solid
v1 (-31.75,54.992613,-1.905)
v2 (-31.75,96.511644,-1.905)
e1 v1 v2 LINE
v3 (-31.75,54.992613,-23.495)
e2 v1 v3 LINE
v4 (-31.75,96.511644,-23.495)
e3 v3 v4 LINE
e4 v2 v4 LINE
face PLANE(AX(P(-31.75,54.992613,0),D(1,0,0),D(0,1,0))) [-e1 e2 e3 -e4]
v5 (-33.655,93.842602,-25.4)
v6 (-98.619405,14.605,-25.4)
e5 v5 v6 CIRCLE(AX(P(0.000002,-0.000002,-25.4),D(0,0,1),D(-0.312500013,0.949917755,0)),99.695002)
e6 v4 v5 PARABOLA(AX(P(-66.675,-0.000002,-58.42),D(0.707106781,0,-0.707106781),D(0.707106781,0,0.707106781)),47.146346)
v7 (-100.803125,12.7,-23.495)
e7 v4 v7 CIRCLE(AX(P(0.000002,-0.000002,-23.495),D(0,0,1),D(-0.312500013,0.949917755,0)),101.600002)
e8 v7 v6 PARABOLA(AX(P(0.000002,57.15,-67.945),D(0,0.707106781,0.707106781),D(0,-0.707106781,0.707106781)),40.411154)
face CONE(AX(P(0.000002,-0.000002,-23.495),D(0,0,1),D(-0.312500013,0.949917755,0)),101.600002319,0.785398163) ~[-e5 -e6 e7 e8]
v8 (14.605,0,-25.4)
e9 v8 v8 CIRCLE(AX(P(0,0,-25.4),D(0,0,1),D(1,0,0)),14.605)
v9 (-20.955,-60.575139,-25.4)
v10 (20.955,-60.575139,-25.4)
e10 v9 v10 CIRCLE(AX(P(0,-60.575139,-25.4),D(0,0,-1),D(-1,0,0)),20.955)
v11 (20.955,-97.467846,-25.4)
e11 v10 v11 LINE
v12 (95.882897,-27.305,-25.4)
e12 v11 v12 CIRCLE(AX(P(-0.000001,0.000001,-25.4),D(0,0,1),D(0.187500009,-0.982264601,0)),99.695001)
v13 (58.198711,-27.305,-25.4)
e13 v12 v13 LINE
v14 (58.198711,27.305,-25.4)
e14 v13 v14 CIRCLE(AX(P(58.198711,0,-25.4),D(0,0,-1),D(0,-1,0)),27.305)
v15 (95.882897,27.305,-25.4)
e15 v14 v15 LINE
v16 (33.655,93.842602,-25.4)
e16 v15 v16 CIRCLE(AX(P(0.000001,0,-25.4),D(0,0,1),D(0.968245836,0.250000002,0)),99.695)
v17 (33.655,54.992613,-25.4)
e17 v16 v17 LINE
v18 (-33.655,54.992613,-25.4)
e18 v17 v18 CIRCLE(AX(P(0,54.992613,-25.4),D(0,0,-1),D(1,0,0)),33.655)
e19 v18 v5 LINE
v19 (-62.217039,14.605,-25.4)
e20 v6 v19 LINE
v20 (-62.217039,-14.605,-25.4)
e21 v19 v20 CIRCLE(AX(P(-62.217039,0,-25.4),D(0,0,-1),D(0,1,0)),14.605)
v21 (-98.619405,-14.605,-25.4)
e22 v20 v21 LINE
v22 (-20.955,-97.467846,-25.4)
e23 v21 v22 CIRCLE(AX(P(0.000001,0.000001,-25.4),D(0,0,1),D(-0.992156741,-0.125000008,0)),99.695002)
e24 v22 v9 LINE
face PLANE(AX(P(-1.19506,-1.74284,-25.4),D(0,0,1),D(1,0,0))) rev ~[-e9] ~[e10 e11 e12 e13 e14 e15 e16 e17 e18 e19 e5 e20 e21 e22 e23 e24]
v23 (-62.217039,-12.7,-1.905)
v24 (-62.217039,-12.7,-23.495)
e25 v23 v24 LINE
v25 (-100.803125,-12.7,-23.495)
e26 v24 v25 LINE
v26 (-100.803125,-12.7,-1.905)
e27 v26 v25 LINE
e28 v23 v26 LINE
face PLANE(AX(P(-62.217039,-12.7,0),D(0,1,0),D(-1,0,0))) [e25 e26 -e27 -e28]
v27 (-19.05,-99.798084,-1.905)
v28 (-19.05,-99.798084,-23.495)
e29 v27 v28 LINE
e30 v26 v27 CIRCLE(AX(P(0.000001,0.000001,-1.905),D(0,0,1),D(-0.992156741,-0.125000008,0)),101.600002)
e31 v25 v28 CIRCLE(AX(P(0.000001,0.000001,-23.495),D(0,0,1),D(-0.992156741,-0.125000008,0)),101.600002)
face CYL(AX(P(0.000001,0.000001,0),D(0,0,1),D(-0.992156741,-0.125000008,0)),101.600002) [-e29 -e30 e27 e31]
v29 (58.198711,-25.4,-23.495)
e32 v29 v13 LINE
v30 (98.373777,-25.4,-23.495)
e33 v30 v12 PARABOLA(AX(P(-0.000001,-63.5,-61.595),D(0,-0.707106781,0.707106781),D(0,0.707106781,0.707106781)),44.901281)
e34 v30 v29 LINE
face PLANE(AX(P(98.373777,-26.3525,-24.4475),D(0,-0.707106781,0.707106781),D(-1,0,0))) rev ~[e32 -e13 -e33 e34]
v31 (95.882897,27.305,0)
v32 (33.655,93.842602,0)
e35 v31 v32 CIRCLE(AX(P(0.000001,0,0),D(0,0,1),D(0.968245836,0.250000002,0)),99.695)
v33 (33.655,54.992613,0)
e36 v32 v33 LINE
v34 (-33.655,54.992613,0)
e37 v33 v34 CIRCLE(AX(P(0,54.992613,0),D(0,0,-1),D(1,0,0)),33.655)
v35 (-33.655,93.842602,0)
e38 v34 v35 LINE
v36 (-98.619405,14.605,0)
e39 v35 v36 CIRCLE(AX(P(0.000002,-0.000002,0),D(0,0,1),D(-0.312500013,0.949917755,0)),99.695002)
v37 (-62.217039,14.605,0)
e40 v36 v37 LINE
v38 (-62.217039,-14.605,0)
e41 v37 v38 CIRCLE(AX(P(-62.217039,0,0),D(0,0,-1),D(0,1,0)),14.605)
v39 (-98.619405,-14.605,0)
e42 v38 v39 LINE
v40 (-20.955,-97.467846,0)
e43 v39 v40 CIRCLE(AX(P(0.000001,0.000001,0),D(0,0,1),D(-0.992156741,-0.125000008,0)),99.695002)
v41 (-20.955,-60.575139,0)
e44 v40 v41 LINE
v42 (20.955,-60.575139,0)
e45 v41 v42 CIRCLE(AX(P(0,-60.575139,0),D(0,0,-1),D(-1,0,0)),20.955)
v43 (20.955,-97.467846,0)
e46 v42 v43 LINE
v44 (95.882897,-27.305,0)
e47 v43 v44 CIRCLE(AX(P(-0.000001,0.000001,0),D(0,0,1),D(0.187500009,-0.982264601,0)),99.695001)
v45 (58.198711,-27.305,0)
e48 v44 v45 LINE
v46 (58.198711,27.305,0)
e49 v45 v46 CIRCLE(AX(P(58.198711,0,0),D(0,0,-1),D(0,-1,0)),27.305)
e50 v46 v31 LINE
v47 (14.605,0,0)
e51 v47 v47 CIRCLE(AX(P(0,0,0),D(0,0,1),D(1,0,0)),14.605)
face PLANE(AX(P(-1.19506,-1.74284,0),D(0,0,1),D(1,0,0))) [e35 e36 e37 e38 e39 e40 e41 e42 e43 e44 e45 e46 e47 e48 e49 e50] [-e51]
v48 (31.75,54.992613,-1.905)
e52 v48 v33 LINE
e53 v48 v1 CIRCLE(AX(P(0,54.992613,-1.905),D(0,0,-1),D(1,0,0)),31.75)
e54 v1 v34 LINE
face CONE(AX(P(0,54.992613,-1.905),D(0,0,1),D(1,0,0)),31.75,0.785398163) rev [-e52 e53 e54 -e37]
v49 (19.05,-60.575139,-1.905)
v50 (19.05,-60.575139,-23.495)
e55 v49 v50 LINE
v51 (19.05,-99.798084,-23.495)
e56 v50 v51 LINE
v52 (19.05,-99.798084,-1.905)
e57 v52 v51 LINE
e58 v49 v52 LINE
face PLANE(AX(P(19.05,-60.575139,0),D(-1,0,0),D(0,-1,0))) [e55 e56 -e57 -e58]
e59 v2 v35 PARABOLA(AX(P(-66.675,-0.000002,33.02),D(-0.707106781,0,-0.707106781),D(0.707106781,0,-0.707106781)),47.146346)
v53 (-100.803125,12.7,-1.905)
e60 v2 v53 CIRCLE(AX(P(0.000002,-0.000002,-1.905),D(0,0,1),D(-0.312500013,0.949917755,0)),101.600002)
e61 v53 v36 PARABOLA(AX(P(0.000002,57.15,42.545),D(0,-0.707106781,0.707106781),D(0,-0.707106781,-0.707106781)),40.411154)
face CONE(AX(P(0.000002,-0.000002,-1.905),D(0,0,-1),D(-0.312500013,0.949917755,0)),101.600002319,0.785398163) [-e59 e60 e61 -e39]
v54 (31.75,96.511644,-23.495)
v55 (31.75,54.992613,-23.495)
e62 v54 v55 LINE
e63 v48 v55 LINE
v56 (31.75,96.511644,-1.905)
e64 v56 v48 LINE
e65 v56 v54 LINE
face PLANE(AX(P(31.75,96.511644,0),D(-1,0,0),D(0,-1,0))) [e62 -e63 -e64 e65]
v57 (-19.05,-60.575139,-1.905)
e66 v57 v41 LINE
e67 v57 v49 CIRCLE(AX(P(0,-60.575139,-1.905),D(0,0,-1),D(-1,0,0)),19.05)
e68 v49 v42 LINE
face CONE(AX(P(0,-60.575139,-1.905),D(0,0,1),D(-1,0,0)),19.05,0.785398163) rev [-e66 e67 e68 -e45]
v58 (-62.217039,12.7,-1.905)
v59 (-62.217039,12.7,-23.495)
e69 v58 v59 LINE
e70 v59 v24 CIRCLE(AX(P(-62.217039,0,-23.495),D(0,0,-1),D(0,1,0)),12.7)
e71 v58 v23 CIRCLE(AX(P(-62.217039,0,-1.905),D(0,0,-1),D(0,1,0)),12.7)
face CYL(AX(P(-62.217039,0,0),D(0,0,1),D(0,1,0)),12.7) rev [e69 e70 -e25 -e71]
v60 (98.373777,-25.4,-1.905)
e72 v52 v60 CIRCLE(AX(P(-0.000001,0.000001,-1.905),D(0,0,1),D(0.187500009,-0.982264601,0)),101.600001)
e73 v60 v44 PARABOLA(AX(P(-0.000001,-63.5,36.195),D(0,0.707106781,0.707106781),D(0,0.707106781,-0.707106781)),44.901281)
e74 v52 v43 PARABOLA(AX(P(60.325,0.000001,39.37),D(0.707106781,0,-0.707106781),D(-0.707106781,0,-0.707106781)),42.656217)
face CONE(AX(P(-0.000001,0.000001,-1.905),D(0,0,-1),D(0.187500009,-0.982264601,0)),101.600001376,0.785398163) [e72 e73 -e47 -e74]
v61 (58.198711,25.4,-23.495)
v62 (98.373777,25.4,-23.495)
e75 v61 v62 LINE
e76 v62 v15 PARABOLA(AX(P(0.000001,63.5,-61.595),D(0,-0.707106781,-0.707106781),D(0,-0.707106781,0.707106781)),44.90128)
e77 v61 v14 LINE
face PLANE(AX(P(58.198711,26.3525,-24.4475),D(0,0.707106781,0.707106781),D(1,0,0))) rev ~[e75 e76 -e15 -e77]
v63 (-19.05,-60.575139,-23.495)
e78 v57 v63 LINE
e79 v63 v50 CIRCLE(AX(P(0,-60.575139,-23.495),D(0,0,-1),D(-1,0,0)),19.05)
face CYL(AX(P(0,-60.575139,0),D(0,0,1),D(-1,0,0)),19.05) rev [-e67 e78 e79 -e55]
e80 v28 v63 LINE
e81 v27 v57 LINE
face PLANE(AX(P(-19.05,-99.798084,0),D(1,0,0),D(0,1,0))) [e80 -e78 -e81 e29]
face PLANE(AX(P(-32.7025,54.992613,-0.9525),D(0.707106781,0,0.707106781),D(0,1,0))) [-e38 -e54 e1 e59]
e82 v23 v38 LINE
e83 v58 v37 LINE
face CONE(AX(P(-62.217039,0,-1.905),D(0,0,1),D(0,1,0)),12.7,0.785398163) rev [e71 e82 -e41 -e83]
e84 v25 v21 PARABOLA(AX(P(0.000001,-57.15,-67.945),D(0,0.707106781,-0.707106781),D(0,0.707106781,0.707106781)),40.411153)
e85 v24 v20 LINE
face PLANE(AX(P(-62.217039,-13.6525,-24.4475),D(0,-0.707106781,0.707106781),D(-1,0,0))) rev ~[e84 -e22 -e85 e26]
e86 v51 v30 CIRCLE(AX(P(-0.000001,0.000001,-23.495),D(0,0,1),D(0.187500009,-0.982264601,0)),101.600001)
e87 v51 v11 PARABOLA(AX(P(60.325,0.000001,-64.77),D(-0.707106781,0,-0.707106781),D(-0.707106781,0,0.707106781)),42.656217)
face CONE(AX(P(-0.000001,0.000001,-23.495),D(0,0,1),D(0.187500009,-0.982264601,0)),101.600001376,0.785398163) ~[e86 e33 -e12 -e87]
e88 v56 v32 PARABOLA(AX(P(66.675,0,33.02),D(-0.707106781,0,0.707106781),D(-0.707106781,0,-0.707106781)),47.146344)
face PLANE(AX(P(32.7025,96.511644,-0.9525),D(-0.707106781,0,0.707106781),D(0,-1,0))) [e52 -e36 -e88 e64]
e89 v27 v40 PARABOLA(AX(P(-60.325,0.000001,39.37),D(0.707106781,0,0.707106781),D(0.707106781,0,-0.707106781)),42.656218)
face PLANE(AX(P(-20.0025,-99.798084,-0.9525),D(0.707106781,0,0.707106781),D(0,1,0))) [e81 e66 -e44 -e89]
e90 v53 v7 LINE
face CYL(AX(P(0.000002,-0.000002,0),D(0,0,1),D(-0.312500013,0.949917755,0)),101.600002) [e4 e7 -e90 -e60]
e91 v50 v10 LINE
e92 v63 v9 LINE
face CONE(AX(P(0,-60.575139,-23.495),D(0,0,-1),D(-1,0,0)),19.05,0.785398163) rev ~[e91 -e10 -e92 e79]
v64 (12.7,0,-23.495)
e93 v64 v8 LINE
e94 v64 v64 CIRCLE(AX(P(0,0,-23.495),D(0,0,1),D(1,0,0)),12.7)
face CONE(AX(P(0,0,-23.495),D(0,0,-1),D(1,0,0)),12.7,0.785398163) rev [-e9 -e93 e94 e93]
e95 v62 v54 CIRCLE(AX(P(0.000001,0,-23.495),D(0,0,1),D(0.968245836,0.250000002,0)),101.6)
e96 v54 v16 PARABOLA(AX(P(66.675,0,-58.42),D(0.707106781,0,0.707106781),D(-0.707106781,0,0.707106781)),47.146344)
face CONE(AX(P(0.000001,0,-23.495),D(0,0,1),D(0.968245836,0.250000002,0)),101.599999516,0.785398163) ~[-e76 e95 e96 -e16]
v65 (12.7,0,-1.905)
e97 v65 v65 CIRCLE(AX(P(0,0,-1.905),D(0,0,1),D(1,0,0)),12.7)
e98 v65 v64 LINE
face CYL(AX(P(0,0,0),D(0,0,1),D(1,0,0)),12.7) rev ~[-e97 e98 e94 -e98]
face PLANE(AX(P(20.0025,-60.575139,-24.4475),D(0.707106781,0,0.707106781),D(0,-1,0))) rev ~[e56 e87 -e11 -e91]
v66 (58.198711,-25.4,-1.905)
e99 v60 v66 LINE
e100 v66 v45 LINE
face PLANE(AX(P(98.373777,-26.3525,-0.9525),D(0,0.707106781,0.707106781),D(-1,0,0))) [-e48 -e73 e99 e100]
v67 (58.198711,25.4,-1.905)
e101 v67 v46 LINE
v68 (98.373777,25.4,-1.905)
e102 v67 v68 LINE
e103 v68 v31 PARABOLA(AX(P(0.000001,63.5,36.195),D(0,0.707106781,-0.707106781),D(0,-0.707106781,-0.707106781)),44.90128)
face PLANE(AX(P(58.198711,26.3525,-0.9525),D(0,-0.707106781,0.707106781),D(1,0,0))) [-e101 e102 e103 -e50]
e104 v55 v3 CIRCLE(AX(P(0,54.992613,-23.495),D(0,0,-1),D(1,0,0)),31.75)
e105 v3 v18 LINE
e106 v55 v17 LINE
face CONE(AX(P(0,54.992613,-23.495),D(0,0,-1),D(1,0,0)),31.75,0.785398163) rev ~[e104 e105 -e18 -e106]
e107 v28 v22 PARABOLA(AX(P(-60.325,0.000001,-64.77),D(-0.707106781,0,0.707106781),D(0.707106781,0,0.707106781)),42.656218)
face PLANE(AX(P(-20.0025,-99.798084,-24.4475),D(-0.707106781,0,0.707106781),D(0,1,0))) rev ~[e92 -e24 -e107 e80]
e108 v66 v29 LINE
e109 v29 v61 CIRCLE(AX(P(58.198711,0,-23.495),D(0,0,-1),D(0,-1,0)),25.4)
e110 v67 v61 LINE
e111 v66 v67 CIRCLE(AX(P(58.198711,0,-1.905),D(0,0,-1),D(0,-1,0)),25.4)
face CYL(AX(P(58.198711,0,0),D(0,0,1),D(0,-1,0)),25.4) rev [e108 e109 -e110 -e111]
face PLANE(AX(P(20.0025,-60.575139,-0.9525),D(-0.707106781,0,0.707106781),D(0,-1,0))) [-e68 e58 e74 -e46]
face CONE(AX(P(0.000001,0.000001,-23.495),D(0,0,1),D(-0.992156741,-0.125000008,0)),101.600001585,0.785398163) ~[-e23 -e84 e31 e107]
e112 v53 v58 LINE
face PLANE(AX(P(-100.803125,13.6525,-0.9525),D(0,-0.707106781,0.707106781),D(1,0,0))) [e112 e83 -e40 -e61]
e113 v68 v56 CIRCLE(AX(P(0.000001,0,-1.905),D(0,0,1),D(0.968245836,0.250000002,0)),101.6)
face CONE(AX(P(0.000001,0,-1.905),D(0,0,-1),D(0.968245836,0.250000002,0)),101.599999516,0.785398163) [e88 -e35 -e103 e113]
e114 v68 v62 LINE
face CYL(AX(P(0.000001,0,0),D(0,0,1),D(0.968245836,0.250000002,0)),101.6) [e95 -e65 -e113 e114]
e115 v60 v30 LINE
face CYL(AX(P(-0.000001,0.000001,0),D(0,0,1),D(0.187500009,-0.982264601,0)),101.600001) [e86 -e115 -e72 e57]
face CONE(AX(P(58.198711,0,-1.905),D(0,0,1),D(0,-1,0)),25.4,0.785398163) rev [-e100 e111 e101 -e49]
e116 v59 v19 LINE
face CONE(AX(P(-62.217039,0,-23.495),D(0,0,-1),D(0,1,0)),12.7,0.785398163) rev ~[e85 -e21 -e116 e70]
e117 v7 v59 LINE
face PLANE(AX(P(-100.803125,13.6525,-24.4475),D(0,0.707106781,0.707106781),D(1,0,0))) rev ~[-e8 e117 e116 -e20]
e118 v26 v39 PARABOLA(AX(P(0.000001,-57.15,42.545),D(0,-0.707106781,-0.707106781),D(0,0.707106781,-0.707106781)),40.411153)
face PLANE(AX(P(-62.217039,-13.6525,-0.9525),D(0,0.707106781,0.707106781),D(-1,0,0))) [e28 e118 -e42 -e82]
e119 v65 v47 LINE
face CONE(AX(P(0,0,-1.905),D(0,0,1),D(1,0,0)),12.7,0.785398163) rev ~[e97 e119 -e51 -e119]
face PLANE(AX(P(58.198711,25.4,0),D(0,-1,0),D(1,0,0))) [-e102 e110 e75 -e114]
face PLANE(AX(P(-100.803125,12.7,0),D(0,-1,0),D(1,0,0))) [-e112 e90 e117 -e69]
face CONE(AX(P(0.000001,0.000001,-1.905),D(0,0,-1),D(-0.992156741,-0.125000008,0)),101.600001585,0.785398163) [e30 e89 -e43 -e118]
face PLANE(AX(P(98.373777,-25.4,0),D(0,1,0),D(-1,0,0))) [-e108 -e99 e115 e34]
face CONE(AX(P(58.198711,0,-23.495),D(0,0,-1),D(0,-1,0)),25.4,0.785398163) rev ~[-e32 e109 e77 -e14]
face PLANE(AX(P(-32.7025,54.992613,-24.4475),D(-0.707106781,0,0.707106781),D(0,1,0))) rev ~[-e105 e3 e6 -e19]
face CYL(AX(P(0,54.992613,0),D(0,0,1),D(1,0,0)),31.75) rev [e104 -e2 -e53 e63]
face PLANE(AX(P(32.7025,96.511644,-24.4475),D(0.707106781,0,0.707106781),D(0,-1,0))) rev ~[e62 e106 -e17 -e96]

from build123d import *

# Parameters (mm, degrees)
F0_R     = 12.7
F1_DEPTH = 25.4
F2_SIZE2 = 1.905
F2_SIZE  = 1.905


with BuildPart() as f1:
    # F0 (on Top) → F1 (new body)
    with BuildSketch(Plane.XY):
        with BuildLine():
            Line((-31.75, 54.992613), (-31.75, 96.511644))
            ThreePointArc((-31.75, 96.511644), (-78.413523, 64.605567), (-100.803125, 12.7))
            Line((-100.803125, 12.7), (-62.217039, 12.7))
            ThreePointArc((-62.217039, 12.7), (-49.517039, 0), (-62.217039, -12.7))
            Line((-62.217039, -12.7), (-100.803125, -12.7))
            ThreePointArc((-100.803125, -12.7), (-74.079092, -69.533072), (-19.05, -99.798084))
            Line((-19.05, -99.798084), (-19.05, -60.575139))
            ThreePointArc((-19.05, -60.575139), (0, -41.525139), (19.05, -60.575139))
            Line((19.05, -60.575139), (19.05, -99.798084))
            ThreePointArc((19.05, -99.798084), (69.504349, -74.106042), (98.373777, -25.4))
            Line((98.373777, -25.4), (58.198711, -25.4))
            ThreePointArc((58.198711, -25.4), (32.798711, 0), (58.198711, 25.4))
            Line((58.198711, 25.4), (98.373777, 25.4))
            ThreePointArc((98.373777, 25.4), (74.143549, 69.464337), (31.75, 96.511644))
            Line((31.75, 96.511644), (31.75, 54.992613))
            ThreePointArc((31.75, 54.992613), (0, 23.242613), (-31.75, 54.992613))
        make_face()
        Circle(F0_R, mode=Mode.SUBTRACT)
    extrude(amount=-F1_DEPTH)

    # F2
    f2_edges = [f1.edges().sort_by_distance(p)[0] for p in [
        (-31.75, 75.752129, 0),
        (-78.413523, 64.605567, 0),
        (-81.510082, 12.7, 0),
        (-49.517039, 0, 0),
        (-81.510082, -12.7, 0),
        (-74.079092, -69.533072, 0),
        (-19.05, -80.186611, 0),
        (0, -41.525139, 0),
        (19.05, -80.186611, 0),
        (69.504349, -74.106042, 0),
        (78.286244, -25.4, 0),
        (32.798711, 0, 0),
        (78.286244, 25.4, 0),
        (74.143549, 69.464337, 0),
        (31.75, 75.752129, 0),
        (0, 23.242613, 0),
        (-12.7, 0, 0),
        (-31.75, 75.752129, -25.4),
        (-78.413523, 64.605567, -25.4),
        (-81.510082, 12.7, -25.4),
        (-49.517039, 0, -25.4),
        (-81.510082, -12.7, -25.4),
        (-74.079092, -69.533072, -25.4),
        (-19.05, -80.186611, -25.4),
        (0, -41.525139, -25.4),
        (19.05, -80.186611, -25.4),
        (69.504349, -74.106042, -25.4),
        (78.286244, -25.4, -25.4),
        (32.798711, 0, -25.4),
        (78.286244, 25.4, -25.4),
        (74.143549, 69.464337, -25.4),
        (31.75, 75.752129, -25.4),
        (0, 23.242613, -25.4),
        (-12.7, 0, -25.4),
    ]]
    chamfer(f2_edges, length=F2_SIZE, length2=F2_SIZE2)


solid = f1.part
